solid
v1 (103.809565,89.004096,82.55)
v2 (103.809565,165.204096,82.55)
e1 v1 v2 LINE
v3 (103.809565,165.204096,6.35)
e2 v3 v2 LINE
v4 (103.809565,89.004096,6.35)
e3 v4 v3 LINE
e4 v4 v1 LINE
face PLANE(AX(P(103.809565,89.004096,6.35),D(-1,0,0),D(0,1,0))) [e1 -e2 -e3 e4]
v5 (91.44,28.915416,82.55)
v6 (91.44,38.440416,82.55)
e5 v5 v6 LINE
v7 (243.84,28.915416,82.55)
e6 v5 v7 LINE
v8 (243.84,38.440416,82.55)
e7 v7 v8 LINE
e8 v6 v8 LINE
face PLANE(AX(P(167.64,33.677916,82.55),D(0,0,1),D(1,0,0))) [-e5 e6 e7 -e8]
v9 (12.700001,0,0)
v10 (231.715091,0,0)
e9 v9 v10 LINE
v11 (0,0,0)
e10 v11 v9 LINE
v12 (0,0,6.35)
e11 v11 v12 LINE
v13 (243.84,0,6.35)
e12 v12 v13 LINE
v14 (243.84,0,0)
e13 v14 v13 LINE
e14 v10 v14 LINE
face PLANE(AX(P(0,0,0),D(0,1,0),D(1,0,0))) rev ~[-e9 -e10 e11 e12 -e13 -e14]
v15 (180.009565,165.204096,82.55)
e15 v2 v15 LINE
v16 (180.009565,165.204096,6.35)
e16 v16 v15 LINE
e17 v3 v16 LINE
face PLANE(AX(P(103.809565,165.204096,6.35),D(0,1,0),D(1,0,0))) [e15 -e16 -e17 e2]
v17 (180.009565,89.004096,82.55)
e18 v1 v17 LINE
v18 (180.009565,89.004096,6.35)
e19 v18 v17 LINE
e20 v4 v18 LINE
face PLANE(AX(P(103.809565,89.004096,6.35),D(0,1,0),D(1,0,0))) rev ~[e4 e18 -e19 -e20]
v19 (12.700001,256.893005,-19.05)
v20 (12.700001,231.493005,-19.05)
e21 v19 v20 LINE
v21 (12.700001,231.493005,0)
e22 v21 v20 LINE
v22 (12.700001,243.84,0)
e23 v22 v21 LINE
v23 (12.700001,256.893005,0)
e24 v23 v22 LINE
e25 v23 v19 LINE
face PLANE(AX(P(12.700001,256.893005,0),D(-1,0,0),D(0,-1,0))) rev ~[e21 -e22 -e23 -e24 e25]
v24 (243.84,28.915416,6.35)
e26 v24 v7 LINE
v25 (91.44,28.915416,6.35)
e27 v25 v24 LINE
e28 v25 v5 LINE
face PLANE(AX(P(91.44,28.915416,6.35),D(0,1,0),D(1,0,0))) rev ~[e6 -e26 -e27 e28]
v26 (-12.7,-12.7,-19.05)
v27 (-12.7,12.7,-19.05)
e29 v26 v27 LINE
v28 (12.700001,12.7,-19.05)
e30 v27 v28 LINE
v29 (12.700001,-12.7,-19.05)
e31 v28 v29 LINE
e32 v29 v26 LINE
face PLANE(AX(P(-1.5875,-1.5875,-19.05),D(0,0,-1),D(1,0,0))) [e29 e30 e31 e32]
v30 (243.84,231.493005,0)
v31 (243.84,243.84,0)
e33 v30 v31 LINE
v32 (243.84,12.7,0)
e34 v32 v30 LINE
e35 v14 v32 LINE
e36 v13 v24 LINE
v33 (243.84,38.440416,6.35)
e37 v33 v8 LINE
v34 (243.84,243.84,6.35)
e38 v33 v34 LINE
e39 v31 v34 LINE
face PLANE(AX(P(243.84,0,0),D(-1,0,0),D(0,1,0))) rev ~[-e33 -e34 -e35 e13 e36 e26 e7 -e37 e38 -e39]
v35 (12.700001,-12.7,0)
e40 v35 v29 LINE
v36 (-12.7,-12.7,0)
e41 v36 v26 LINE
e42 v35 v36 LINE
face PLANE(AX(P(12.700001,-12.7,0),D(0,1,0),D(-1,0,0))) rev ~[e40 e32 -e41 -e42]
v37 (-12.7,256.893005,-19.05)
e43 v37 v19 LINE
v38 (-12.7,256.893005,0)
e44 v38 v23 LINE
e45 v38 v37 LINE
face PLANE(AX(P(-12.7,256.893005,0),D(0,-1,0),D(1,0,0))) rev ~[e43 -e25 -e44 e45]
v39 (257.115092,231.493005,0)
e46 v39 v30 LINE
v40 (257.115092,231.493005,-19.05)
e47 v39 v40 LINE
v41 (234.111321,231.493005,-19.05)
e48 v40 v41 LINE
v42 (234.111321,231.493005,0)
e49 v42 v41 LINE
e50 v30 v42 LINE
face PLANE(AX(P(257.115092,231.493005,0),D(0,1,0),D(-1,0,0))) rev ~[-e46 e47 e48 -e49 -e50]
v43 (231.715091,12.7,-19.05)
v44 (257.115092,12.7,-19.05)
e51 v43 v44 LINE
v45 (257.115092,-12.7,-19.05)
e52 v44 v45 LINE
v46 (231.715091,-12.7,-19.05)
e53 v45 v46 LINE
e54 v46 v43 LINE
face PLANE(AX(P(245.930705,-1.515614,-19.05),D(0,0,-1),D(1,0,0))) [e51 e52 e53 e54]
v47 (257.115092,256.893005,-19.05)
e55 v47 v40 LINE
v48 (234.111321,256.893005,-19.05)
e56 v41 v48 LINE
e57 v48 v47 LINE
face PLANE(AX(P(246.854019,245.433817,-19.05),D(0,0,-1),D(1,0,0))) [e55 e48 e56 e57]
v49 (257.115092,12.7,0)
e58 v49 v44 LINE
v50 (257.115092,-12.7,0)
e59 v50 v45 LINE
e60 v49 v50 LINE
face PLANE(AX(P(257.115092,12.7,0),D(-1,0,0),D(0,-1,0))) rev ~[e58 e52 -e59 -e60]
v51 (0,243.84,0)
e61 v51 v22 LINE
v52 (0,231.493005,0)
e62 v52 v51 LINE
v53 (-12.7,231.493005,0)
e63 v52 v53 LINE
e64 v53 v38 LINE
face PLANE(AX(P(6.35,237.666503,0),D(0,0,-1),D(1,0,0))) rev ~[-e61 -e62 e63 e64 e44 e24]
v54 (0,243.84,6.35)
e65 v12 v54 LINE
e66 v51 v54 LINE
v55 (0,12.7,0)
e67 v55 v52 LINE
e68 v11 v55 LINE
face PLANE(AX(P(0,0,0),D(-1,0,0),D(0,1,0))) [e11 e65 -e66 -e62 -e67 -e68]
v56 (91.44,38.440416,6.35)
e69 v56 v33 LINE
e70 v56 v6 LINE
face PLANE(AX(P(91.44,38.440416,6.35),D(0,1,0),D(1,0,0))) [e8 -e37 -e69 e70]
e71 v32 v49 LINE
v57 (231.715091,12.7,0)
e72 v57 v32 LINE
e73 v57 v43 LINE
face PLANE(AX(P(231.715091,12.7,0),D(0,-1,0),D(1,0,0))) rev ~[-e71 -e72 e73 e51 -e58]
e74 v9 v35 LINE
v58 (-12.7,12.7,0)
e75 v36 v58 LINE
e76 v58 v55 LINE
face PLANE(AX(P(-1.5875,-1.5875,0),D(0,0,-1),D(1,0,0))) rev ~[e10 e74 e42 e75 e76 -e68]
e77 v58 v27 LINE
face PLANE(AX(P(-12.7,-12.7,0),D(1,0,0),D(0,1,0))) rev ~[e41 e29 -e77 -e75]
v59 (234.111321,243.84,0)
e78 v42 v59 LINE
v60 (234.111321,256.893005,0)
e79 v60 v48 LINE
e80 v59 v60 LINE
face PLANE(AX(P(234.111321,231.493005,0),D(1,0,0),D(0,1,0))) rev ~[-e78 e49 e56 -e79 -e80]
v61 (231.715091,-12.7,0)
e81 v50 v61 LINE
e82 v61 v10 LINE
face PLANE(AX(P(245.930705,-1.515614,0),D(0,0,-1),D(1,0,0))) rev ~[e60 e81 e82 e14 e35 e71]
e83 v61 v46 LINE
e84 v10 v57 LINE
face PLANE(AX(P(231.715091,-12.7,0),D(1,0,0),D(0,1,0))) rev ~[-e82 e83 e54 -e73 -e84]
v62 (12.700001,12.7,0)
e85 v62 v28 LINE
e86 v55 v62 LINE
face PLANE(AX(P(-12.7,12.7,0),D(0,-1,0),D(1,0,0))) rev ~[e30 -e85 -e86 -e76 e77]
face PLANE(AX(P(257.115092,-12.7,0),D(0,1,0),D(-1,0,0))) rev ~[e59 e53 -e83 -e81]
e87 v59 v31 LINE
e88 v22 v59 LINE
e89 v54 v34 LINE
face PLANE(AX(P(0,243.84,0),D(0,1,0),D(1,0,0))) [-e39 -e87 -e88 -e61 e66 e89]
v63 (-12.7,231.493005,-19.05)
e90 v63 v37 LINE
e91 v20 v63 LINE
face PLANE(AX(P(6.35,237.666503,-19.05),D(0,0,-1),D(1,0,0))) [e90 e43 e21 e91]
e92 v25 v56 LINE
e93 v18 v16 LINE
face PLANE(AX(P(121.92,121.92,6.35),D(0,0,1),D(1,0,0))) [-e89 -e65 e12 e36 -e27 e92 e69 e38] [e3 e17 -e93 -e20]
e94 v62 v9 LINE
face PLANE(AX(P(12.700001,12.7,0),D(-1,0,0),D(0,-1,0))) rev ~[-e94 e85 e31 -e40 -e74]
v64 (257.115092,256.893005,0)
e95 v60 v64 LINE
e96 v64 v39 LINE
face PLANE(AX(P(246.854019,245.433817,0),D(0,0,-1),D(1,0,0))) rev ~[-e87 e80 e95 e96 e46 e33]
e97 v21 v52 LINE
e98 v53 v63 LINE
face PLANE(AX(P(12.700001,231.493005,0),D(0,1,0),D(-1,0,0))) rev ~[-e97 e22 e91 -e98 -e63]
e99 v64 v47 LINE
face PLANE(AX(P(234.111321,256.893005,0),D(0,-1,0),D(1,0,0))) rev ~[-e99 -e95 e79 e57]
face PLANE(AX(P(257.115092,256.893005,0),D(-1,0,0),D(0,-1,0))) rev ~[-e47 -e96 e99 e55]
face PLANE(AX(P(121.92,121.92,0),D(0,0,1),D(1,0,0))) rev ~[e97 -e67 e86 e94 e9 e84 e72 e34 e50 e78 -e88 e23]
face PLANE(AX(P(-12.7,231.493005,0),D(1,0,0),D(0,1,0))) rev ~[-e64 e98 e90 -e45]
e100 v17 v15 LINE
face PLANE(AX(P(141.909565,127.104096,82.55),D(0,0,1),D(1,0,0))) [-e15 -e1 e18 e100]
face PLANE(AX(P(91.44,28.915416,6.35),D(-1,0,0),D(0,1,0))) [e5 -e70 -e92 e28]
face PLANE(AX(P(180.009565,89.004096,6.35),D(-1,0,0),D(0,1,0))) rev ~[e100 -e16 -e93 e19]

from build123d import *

# Parameters (mm, degrees)
F0_W     = 243.84
F0_H     = 243.84
F1_DEPTH = 6.35
F2_W     = 76.2
F2_H     = 76.2
F3_DEPTH = 76.2
F4_W     = 12.7000009538
F4_H     = 12.7
F4_W_2   = 12.1249086118
F4_H_2   = 12.346994652
F4_W_3   = 9.7286785974
F5_DEPTH = 19.05
F6_W     = 152.4
F6_H     = 9.525
F7_DEPTH = 76.2


with BuildPart() as f1:
    # F0 (on Top) → F1 (new body)
    with BuildSketch(Plane.XY):
        with Locations((121.92, 121.92)):
            Rectangle(F0_W, F0_H)
    extrude(amount=F1_DEPTH)

    # F2 (on face) → F3 (join)
    with BuildSketch(Plane.XY.offset(6.35)):
        with Locations((141.9095646479, 127.1040961146)):
            Rectangle(F2_W, F2_H)
    extrude(amount=F3_DEPTH)

    # F4 (on face) → F5 (join)
    with BuildSketch(Plane(origin=(0, 0, 0), x_dir=(1, 0, 0), z_dir=(0, 0, -1))):
        Polygon((12.7000009538, 12.7), (-12.7, 12.7), (-12.7, -12.7), (0, -12.7), (0, 0), (12.7000009538, 0), align=None)
        with Locations((6.3500004769, -6.35)):
            Rectangle(F4_W, F4_H)
        Polygon((231.7150913882, 12.7), (231.7150913882, 0), (243.84, 0), (243.84, -12.7), (257.115092342, -12.7), (257.115092342, 12.7), align=None)
        with Locations((237.7775456941, -6.35)):
            Rectangle(F4_W_2, F4_H)
        with Locations((6.3500004769, -237.666502674)):
            Rectangle(F4_W, F4_H_2)
        Polygon((0, -243.84), (0, -231.493005348), (-12.7, -231.493005348), (-12.7, -256.893005348), (12.7000009538, -256.893005348), (12.7000009538, -243.84), align=None)
        Polygon((257.115092342, -231.493005348), (243.84, -231.493005348), (243.84, -243.84), (234.1113214026, -243.84), (234.1113214026, -256.893005348), (257.115092342, -256.893005348), align=None)
        with Locations((238.9756607013, -237.666502674)):
            Rectangle(F4_W_3, F4_H_2)
    extrude(amount=F5_DEPTH)

    # F6 (on face) → F7 (join)
    with BuildSketch(Plane.XY.offset(6.35)):
        with Locations((167.64, 33.6779164493)):
            Rectangle(F6_W, F6_H)
    extrude(amount=F7_DEPTH)


solid = f1.part
